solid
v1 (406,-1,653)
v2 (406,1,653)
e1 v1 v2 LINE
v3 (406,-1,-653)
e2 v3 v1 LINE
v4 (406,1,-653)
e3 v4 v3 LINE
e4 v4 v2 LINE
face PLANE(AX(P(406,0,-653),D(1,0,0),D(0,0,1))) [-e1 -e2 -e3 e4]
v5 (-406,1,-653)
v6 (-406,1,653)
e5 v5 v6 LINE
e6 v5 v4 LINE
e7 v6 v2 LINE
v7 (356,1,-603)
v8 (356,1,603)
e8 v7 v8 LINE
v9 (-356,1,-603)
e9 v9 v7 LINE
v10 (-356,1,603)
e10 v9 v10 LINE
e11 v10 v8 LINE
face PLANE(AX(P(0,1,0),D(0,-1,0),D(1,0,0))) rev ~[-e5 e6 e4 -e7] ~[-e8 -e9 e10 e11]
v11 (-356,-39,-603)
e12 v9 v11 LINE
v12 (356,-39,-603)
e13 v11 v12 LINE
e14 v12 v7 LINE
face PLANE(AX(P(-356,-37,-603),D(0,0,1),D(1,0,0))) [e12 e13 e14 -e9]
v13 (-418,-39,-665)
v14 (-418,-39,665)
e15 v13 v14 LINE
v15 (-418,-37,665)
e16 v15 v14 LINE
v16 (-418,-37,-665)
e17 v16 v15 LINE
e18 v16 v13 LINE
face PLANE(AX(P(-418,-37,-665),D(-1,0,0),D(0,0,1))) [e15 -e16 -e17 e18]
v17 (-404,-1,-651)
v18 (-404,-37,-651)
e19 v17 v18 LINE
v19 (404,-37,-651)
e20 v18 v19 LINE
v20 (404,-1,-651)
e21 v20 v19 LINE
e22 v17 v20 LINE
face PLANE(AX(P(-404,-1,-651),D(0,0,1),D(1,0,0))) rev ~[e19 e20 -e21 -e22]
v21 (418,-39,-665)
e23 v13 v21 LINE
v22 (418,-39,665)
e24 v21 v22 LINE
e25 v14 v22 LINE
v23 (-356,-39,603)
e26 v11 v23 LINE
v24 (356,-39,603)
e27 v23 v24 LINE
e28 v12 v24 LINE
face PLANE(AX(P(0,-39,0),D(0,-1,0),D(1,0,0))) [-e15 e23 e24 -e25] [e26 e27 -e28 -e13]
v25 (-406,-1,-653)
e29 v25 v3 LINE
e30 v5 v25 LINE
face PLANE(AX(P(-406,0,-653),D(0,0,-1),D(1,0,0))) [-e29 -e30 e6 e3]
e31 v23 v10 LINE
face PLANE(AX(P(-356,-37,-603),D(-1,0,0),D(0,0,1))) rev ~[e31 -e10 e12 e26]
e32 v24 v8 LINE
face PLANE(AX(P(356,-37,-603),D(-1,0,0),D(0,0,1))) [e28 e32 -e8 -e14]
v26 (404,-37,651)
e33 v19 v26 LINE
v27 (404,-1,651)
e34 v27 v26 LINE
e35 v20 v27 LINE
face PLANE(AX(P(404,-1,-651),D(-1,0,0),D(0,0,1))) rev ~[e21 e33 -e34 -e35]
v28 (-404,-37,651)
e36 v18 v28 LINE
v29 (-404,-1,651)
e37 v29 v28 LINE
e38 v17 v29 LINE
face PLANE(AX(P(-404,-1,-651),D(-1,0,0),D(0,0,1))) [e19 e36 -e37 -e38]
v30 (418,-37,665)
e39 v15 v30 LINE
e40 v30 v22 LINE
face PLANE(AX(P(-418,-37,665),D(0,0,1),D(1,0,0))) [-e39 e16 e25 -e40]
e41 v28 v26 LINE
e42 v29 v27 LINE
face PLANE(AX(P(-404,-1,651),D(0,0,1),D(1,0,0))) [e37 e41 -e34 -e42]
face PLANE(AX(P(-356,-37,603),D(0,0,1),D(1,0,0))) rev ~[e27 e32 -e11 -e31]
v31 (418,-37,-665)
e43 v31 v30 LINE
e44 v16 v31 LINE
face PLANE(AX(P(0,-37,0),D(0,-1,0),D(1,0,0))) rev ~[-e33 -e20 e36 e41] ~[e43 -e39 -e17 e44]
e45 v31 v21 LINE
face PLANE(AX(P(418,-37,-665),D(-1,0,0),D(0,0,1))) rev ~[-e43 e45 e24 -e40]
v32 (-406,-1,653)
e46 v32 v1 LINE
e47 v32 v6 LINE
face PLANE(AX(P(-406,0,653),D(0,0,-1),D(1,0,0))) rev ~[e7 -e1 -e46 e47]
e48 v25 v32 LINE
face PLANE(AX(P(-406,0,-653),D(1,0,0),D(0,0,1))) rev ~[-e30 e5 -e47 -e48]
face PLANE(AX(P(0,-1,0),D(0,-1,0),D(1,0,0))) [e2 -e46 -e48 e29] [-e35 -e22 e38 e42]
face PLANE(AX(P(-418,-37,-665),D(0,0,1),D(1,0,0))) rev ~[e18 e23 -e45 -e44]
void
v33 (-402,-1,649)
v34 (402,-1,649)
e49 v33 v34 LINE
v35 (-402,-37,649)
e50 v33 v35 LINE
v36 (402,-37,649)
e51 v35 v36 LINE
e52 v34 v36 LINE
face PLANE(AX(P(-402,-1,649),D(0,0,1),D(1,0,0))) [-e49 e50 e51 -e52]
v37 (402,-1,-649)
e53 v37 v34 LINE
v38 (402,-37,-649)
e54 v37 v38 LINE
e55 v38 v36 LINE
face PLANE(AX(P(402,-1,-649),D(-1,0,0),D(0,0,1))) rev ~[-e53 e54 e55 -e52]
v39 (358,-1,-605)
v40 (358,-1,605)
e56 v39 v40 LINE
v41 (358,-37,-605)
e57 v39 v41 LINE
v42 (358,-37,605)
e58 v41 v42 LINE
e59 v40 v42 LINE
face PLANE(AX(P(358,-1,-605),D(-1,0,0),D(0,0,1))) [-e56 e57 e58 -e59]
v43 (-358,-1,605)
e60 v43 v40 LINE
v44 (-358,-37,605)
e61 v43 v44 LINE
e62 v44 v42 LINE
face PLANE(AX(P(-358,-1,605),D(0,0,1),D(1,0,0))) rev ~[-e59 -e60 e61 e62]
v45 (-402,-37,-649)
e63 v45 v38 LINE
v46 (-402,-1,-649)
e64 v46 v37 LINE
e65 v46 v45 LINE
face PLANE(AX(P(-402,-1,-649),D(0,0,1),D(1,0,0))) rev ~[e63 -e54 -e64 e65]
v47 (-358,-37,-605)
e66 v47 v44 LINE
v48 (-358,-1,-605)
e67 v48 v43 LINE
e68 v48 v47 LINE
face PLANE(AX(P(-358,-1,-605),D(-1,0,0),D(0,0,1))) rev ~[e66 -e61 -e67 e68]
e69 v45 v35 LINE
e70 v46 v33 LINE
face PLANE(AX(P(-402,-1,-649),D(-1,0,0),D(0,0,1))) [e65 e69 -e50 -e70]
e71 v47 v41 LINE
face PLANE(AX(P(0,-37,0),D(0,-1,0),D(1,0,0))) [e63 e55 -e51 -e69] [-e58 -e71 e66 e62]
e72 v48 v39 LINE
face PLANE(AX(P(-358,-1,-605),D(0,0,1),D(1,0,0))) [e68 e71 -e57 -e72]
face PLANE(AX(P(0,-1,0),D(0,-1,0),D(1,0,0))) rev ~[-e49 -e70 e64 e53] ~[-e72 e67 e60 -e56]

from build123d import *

# Parameters (mm, degrees)
F0_W     = 812
F0_H     = 1306
F0_W_2   = 712
F0_H_2   = 1206
F1_DEPTH = 1
F2_W     = 808
F2_H     = 1302
F2_W_2   = 804
F2_H_2   = 1298
F2_W_3   = 716
F2_H_3   = 1210
F2_W_4   = 712
F2_H_4   = 1206
F3_DEPTH = 36
F4_W     = 836
F4_H     = 1330
F4_W_2   = 712
F4_H_2   = 1206
F5_DEPTH = 2


with BuildPart() as f1:
    # F0 (on Front) → F1 (new body, symmetric)
    with BuildSketch(Plane.XZ):
        Rectangle(F0_W, F0_H)
        Rectangle(F0_W_2, F0_H_2, mode=Mode.SUBTRACT)
    extrude(amount=F1_DEPTH, both=True)

    # F2 (on face) → F3 (join)
    with BuildSketch(Plane.XZ.offset(1)):
        Rectangle(F2_W, F2_H)
        Rectangle(F2_W_2, F2_H_2, mode=Mode.SUBTRACT)
        Rectangle(F2_W_3, F2_H_3)
        Rectangle(F2_W_4, F2_H_4, mode=Mode.SUBTRACT)
    extrude(amount=F3_DEPTH)

    # F4 (on face) → F5 (join)
    with BuildSketch(Plane.XZ.offset(37)):
        Rectangle(F4_W, F4_H)
        Rectangle(F4_W_2, F4_H_2, mode=Mode.SUBTRACT)
    extrude(amount=F5_DEPTH)


solid = f1.part
